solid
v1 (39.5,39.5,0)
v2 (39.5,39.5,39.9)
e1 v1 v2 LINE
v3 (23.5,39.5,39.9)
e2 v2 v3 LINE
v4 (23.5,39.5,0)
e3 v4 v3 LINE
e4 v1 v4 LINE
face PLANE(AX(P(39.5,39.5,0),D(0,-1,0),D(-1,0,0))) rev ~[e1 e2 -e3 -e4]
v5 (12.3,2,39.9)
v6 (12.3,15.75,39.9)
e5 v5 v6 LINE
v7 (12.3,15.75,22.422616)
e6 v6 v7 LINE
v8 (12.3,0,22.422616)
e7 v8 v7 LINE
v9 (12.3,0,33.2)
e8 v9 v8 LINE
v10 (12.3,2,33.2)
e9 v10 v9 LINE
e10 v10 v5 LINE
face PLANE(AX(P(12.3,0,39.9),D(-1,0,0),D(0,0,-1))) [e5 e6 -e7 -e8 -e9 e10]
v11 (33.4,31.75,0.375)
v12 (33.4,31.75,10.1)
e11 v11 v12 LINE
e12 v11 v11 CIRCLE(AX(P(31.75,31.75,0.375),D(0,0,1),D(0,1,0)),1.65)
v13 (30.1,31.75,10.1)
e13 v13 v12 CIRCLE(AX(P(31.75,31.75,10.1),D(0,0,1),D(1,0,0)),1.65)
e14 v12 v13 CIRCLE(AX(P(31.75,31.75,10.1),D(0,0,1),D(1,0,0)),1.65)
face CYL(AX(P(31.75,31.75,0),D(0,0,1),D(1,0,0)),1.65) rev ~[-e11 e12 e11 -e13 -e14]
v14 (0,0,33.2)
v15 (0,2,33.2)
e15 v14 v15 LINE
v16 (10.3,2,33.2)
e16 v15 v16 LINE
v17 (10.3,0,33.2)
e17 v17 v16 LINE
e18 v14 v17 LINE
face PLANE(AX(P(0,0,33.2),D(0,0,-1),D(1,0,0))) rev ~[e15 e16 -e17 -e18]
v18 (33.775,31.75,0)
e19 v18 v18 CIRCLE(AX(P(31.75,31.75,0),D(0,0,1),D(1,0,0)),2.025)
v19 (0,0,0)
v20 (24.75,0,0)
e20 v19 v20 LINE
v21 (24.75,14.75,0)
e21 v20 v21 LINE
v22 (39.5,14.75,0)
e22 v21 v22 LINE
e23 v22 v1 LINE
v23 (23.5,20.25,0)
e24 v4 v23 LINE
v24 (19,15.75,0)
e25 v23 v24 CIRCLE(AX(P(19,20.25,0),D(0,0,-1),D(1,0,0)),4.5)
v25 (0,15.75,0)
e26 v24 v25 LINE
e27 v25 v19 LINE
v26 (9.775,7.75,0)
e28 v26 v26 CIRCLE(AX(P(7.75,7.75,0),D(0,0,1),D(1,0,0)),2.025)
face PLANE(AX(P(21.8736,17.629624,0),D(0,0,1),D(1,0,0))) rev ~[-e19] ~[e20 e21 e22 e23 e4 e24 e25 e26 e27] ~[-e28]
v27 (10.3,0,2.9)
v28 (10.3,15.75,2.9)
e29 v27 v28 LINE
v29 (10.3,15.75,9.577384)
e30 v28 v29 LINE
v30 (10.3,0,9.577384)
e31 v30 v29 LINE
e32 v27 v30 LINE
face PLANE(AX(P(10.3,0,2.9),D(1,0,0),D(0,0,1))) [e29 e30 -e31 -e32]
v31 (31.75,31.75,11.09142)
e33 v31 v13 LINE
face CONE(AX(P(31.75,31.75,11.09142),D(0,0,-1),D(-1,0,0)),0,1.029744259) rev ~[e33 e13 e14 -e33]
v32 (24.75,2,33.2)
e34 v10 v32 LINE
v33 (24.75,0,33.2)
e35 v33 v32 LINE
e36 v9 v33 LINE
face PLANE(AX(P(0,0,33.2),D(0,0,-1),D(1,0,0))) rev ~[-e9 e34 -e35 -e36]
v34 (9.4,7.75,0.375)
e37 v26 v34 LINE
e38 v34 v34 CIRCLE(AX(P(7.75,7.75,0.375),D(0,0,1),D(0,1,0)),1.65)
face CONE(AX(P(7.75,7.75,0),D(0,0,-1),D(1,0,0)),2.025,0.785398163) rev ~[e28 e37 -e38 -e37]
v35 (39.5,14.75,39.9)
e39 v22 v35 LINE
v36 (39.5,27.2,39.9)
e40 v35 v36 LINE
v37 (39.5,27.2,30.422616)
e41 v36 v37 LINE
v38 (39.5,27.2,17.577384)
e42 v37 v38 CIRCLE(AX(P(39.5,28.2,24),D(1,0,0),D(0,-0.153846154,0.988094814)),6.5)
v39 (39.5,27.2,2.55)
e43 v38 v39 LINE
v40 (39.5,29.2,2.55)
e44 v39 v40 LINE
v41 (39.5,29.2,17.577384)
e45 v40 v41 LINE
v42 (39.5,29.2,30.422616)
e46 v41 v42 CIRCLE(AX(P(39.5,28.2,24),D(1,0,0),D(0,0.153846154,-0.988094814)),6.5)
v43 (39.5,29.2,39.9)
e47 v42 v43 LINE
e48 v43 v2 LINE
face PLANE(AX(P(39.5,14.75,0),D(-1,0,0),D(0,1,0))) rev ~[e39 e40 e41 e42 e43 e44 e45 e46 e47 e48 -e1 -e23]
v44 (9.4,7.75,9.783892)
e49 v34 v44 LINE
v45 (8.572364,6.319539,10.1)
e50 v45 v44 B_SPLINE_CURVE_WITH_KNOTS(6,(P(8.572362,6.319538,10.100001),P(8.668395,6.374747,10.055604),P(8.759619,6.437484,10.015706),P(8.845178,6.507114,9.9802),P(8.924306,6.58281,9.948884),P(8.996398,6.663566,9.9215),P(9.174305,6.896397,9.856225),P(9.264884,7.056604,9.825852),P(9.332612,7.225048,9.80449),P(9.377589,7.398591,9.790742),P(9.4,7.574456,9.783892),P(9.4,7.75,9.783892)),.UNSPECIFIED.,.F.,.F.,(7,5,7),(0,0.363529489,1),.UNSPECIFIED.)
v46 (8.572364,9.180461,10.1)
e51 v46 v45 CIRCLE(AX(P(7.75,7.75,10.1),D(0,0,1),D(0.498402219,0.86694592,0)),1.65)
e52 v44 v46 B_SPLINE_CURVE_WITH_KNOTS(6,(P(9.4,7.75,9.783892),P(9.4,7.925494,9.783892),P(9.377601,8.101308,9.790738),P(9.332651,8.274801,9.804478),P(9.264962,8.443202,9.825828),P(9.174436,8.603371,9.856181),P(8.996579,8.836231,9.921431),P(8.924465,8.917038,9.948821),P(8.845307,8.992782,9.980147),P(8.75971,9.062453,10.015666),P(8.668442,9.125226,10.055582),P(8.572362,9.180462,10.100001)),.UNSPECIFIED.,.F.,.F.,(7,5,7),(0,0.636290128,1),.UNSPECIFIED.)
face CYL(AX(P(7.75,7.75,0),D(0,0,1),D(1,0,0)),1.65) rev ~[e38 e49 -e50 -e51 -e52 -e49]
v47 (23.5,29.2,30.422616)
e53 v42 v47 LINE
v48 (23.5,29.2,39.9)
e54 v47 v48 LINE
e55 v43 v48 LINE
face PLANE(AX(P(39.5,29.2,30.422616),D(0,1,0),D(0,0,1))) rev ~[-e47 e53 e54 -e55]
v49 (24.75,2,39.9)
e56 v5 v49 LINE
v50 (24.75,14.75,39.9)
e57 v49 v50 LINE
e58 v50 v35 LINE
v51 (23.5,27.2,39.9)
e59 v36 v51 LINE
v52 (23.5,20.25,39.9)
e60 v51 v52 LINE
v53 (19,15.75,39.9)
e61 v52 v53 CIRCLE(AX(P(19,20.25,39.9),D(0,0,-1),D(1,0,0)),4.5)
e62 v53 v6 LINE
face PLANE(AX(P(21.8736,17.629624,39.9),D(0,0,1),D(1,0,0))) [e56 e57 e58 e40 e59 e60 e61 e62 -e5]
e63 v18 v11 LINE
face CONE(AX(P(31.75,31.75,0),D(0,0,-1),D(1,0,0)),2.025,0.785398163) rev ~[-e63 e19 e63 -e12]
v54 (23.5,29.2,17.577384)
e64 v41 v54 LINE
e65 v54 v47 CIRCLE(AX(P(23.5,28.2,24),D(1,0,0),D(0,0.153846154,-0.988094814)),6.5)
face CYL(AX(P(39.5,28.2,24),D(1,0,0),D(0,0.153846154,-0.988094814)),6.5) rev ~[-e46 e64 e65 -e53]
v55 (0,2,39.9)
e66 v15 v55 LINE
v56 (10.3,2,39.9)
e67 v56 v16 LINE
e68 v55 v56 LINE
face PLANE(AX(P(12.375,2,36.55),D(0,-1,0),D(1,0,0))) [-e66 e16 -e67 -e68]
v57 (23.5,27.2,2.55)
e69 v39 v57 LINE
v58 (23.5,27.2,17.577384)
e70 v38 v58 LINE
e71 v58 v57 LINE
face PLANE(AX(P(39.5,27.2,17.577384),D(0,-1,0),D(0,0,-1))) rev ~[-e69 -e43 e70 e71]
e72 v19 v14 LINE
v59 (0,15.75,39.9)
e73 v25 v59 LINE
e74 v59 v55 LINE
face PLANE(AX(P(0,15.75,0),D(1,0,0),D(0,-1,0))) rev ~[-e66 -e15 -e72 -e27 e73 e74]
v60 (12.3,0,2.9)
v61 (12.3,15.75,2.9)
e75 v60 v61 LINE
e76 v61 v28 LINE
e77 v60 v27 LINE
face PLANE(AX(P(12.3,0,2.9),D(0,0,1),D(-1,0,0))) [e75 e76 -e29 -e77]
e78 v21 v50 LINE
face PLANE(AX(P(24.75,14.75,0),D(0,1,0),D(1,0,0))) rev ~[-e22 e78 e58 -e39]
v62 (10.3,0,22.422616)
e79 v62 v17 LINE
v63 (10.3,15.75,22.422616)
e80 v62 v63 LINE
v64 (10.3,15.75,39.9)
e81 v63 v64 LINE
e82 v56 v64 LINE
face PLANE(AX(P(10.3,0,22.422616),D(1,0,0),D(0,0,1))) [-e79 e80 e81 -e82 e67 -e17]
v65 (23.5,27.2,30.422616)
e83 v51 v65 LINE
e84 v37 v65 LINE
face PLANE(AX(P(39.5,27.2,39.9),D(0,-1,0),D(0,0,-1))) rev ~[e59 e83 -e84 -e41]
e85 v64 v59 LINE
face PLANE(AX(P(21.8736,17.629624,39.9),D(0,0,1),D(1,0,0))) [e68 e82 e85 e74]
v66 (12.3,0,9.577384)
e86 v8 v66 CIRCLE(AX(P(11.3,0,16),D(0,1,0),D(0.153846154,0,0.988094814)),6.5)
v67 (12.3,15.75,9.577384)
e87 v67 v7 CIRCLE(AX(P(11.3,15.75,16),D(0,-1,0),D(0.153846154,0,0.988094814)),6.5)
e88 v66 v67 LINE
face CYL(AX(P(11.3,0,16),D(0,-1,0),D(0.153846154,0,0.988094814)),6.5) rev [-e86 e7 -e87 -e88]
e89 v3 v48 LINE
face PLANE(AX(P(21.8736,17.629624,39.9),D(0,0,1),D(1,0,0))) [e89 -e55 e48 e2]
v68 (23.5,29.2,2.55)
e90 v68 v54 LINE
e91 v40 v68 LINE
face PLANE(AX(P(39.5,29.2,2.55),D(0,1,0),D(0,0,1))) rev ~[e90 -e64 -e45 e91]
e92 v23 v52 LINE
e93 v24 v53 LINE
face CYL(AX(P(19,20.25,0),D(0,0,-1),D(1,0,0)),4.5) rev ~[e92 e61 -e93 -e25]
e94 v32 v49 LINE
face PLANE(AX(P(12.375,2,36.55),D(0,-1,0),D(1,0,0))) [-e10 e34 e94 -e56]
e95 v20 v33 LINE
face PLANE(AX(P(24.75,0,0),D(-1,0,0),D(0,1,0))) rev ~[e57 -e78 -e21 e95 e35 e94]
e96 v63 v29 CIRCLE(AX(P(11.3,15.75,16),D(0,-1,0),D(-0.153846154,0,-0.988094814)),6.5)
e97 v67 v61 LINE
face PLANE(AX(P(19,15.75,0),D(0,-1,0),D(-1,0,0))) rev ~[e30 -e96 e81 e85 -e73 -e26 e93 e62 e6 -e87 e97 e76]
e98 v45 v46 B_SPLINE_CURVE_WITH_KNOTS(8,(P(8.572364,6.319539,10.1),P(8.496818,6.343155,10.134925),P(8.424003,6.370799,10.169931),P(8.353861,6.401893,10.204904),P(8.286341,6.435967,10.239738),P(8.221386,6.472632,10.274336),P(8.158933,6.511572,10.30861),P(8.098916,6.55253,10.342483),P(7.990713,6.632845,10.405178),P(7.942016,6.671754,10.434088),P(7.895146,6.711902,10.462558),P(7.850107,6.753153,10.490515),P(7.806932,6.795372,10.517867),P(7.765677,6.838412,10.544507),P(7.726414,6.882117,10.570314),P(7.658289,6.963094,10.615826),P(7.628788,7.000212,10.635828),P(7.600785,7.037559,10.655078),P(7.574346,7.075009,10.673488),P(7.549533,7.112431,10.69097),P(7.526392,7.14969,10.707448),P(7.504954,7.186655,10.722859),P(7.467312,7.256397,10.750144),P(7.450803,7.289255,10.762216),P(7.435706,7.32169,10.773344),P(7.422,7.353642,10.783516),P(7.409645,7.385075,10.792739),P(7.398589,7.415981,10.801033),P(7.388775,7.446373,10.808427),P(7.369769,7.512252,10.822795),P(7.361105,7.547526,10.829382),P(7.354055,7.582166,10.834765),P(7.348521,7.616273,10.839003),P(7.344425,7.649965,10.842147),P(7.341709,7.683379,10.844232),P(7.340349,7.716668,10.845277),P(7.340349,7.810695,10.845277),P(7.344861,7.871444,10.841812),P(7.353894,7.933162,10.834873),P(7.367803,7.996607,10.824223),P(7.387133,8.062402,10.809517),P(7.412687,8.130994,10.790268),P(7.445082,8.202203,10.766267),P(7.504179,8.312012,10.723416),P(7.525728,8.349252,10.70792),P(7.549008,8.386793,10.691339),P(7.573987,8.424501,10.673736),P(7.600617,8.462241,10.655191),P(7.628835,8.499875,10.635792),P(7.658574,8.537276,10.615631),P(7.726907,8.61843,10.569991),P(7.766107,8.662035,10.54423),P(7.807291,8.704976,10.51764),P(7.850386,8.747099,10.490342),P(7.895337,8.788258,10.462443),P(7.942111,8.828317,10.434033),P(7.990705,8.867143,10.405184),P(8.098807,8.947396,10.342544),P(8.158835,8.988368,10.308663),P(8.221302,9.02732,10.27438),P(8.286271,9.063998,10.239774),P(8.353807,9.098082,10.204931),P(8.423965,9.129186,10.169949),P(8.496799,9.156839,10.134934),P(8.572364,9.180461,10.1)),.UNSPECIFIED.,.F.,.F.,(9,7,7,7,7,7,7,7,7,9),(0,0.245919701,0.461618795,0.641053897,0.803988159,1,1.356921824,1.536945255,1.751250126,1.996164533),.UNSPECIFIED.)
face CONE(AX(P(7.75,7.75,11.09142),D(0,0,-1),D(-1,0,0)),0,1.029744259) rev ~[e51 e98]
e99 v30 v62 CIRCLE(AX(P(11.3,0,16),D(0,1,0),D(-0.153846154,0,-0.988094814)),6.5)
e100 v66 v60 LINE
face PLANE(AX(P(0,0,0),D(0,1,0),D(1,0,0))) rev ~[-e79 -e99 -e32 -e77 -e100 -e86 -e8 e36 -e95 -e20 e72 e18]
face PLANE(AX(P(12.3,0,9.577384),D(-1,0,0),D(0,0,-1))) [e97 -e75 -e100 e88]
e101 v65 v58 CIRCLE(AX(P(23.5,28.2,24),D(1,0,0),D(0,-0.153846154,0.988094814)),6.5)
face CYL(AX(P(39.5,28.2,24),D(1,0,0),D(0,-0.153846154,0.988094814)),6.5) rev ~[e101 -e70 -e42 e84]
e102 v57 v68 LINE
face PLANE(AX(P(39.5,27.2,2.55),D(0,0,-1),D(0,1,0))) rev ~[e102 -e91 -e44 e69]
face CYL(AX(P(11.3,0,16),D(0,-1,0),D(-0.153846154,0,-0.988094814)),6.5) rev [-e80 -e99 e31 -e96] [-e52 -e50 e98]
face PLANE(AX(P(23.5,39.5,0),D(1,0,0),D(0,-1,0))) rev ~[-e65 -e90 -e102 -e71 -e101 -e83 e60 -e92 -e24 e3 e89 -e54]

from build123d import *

# Parameters (mm, degrees)
BOSS_EXTRUDE1_DEPTH         = 39.9
CUT_EXTRUDE1_DEPTH          = 1
CUT_EXTRUDE1_DEPTH_BACK     = 40.5
CUT_EXTRUDE2_DEPTH          = 1
CUT_EXTRUDE2_DEPTH_BACK     = 40.5
M4_TAPPED_HOLE1_D           = 3.3
M4_TAPPED_HOLE1_DEPTH       = 10.1
M4_TAPPED_HOLE1_CSINK_D     = 4.05
M4_TAPPED_HOLE1_CSINK_ANGLE = 90
M4_TAPPED_HOLE1_TIP         = 0.991420021
SKETCH6_W                   = 24.75
SKETCH6_H                   = 6.7
CUT_EXTRUDE3_DEPTH          = 2


with BuildPart() as part:
    # Sketch1 → Boss-Extrude1 (new body)
    with BuildSketch(Plane.XY):
        with BuildLine():
            Line((24.75, 0), (24.75, 14.75))
            Line((24.75, 14.75), (39.5, 14.75))
            Line((39.5, 14.75), (39.5, 39.5))
            Line((39.5, 39.5), (23.5, 39.5))
            Line((23.5, 39.5), (23.5, 20.25))
            ThreePointArc((23.5, 20.25), (22.181980515, 17.068019485), (19, 15.75))
            Line((19, 15.75), (0, 15.75))
            Line((0, 15.75), (0, 0))
            Line((0, 0), (24.75, 0))
        make_face()
    extrude(amount=BOSS_EXTRUDE1_DEPTH)

    # Sketch2 → Cut-Extrude1 (cut, two sides)
    with BuildSketch(Plane.XZ) as cut_extrude1_sk:
        with BuildLine():
            Line((10.3, 39.9), (12.3, 39.9))
            Line((12.3, 39.9), (12.3, 22.422616289))
            ThreePointArc((12.3, 22.422616289), (17.8, 16), (12.3, 9.577383711))
            Line((12.3, 9.577383711), (12.3, 2.9))
            Line((12.3, 2.9), (10.3, 2.9))
            Line((10.3, 2.9), (10.3, 9.577383711))
            ThreePointArc((10.3, 9.577383711), (4.8, 16), (10.3, 22.422616289))
            Line((10.3, 22.422616289), (10.3, 39.9))
        make_face()
    extrude(amount=CUT_EXTRUDE1_DEPTH, mode=Mode.SUBTRACT)
    extrude(cut_extrude1_sk.sketch, amount=-CUT_EXTRUDE1_DEPTH_BACK, mode=Mode.SUBTRACT)

    # Sketch3 → Cut-Extrude2 (cut, two sides)
    with BuildSketch(Plane(origin=(39.5, 0, 0), x_dir=(0, 0, -1), z_dir=(1, 0, 0))) as cut_extrude2_sk:
        with BuildLine():
            Line((-39.9, 27.2), (-30.422616289, 27.2))
            ThreePointArc((-30.422616289, 27.2), (-24, 21.7), (-17.577383711, 27.2))
            Line((-17.577383711, 27.2), (-2.55, 27.2))
            Line((-2.55, 27.2), (-2.55, 29.2))
            Line((-2.55, 29.2), (-17.577383711, 29.2))
            ThreePointArc((-17.577383711, 29.2), (-24, 34.7), (-30.422616289, 29.2))
            Line((-30.422616289, 29.2), (-39.9, 29.2))
            Line((-39.9, 29.2), (-39.9, 27.2))
        make_face()
    extrude(amount=CUT_EXTRUDE2_DEPTH, mode=Mode.SUBTRACT)
    extrude(cut_extrude2_sk.sketch, amount=-CUT_EXTRUDE2_DEPTH_BACK, mode=Mode.SUBTRACT)

    # M4 Tapped Hole1
    with Locations(Plane(origin=(0, 0, 0), x_dir=(-1, 0, 0), z_dir=(0, 0, -1))):
        with Locations((-31.75, 31.75), (-7.75, 7.75)):
            CounterSinkHole(M4_TAPPED_HOLE1_D / 2, M4_TAPPED_HOLE1_CSINK_D / 2, depth=M4_TAPPED_HOLE1_DEPTH, counter_sink_angle=M4_TAPPED_HOLE1_CSINK_ANGLE)
            with Locations((0, 0, -(M4_TAPPED_HOLE1_DEPTH + M4_TAPPED_HOLE1_TIP / 2))):  # 118° drill point
                Cone(0, M4_TAPPED_HOLE1_D / 2, M4_TAPPED_HOLE1_TIP, mode=Mode.SUBTRACT)

    # Sketch6 → Cut-Extrude3 (cut)
    with BuildSketch(Plane.XZ):
        with Locations((12.375, 36.55)):
            Rectangle(SKETCH6_W, SKETCH6_H)
    extrude(amount=-CUT_EXTRUDE3_DEPTH, mode=Mode.SUBTRACT)


solid = part.part
